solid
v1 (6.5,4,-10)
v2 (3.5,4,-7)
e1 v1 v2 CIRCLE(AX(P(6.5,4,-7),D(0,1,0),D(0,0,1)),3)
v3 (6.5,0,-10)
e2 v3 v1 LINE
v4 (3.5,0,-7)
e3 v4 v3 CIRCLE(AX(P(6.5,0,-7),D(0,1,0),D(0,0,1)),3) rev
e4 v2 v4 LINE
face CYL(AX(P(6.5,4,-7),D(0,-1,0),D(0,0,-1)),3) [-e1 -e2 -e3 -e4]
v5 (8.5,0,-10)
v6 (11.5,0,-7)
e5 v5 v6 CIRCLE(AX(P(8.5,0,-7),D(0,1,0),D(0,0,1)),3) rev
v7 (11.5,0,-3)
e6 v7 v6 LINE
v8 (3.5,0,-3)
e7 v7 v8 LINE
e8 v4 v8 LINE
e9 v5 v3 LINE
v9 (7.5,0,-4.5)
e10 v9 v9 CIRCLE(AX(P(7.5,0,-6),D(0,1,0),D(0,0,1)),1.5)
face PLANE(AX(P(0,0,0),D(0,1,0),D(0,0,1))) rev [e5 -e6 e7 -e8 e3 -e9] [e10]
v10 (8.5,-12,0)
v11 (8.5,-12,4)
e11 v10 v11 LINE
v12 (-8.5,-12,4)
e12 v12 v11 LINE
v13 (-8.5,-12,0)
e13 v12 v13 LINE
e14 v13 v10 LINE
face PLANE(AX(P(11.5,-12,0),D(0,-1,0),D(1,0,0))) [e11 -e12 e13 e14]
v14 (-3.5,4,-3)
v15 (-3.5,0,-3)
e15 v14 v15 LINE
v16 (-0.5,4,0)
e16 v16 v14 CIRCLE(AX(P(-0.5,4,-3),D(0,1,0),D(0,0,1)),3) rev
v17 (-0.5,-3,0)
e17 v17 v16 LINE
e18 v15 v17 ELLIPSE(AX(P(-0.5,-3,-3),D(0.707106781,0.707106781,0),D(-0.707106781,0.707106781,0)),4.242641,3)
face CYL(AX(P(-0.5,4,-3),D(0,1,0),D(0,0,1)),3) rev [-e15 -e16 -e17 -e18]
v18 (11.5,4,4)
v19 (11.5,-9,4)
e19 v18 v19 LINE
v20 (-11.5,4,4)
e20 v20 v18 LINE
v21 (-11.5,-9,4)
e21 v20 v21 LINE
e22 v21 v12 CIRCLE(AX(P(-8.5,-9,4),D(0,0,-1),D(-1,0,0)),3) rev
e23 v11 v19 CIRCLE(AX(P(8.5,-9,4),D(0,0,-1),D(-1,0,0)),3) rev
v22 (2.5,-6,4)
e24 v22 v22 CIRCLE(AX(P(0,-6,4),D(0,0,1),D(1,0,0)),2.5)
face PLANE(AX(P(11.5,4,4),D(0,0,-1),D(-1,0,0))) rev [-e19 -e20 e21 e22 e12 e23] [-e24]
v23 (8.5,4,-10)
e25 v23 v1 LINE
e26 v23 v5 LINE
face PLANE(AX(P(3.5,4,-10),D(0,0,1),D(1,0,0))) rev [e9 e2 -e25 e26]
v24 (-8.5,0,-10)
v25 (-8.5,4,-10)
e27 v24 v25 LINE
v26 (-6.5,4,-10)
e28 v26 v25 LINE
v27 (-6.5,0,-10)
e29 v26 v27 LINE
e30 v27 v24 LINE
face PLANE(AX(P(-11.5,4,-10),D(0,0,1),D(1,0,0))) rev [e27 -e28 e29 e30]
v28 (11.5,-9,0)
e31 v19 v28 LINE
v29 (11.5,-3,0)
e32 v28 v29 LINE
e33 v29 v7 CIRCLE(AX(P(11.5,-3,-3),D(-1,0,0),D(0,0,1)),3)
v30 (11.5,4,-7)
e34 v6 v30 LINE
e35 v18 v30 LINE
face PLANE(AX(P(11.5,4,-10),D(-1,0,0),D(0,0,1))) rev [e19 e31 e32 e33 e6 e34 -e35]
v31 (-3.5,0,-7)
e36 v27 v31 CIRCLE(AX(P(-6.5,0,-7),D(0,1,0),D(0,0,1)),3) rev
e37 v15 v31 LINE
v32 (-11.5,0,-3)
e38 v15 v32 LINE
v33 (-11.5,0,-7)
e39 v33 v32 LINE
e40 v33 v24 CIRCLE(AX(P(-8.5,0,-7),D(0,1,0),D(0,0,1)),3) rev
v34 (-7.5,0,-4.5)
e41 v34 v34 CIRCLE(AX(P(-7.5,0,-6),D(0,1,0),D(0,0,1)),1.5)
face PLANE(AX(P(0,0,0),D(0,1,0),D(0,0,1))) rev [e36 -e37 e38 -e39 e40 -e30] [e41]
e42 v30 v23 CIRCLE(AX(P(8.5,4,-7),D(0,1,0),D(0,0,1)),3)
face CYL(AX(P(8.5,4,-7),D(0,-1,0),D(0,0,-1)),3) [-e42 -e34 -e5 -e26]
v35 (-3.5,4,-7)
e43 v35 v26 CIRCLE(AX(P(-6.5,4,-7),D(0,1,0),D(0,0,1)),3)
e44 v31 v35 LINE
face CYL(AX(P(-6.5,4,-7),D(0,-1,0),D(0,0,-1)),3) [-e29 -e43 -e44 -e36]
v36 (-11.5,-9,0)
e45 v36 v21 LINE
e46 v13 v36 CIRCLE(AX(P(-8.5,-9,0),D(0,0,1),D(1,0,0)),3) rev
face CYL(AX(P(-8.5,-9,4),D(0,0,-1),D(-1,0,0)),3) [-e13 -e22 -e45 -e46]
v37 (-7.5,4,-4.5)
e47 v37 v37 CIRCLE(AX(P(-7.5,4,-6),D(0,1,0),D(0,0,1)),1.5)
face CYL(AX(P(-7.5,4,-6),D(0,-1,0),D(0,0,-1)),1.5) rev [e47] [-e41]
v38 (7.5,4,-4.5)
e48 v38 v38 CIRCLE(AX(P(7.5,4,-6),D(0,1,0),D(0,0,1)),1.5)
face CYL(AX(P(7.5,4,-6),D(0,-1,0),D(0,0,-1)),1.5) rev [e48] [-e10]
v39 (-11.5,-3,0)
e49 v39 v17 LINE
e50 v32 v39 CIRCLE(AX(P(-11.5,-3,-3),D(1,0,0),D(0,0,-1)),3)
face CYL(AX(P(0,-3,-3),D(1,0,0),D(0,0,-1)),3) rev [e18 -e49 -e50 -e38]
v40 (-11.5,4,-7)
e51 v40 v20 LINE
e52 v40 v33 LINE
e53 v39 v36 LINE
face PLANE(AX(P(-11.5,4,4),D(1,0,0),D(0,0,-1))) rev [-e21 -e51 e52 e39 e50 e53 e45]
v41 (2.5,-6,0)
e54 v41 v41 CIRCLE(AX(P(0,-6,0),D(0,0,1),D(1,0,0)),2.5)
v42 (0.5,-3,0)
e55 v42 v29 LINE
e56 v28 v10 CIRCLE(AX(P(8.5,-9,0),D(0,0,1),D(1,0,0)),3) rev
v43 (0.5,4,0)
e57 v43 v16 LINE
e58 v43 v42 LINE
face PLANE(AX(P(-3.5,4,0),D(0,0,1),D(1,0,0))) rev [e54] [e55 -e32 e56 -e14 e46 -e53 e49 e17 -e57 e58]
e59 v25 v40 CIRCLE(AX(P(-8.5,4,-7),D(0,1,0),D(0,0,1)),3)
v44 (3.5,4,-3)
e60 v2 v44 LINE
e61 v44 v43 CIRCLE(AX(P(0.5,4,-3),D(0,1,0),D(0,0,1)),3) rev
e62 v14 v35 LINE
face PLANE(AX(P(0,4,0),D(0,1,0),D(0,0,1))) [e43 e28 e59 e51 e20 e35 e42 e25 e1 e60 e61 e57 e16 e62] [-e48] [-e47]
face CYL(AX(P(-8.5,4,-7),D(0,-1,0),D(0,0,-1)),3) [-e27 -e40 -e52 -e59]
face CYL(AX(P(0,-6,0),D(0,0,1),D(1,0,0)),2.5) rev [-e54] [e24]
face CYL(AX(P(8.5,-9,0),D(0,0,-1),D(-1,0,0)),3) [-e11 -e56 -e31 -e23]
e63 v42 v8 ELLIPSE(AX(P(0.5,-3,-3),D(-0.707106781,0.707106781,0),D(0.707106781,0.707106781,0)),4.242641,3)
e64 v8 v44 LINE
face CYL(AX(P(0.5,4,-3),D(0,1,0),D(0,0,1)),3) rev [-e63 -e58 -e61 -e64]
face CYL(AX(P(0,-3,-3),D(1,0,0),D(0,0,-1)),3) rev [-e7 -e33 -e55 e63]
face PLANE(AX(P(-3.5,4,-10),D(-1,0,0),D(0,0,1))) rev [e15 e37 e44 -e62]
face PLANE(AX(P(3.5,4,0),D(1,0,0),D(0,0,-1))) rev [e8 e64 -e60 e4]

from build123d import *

# Parameters (mm, degrees)
ESBO_O1_R                = 1.5
RESSALTO_EXTRUS_O1_DEPTH = 4
ESBO_O2_W                = 23
ESBO_O2_H                = 12
ESBO_O2_R                = 2.5
RESSALTO_EXTRUS_O2_DEPTH = 4
FILETE1_R                = 3


with BuildPart() as part:
    # Esboço1 → Ressalto-extrusão1 (new body)
    with BuildSketch(Plane(origin=(0, 0, 0), x_dir=(1, 0, 0), z_dir=(0, 1, 0))):
        Polygon((-3.5, 0), (3.5, 0), (3.5, 10), (11.5, 10), (11.5, -4), (-11.5, -4), (-11.5, 10), (-3.5, 10), align=None)
        with Locations((-7.5, 6)):
            Circle(ESBO_O1_R, mode=Mode.SUBTRACT)
        with Locations((7.5, 6)):
            Circle(ESBO_O1_R, mode=Mode.SUBTRACT)
    extrude(amount=RESSALTO_EXTRUS_O1_DEPTH)

    # Esboço2 → Ressalto-extrusão2 (add)
    with BuildSketch(Plane.XY.offset(4)):
        with Locations((0, -6)):
            Rectangle(ESBO_O2_W, ESBO_O2_H)
        with Locations((0, -6)):
            Circle(ESBO_O2_R, mode=Mode.SUBTRACT)
    extrude(amount=-RESSALTO_EXTRUS_O2_DEPTH)

    # Filete1
    filete1_edges = [part.edges().sort_by_distance(p)[0] for p in [
        (-3.5, 2, 0),
        (3.5, 2, 0),
        (3.5, 2, -10),
        (11.5, 2, -10),
        (-11.5, 2, -10),
        (-3.5, 2, -10),
        (-7.5, 0, 0),
        (11.5, -12, 2),
        (-11.5, -12, 2),
        (7.5, 0, 0),
    ]]
    fillet(filete1_edges, radius=FILETE1_R)


solid = part.part
